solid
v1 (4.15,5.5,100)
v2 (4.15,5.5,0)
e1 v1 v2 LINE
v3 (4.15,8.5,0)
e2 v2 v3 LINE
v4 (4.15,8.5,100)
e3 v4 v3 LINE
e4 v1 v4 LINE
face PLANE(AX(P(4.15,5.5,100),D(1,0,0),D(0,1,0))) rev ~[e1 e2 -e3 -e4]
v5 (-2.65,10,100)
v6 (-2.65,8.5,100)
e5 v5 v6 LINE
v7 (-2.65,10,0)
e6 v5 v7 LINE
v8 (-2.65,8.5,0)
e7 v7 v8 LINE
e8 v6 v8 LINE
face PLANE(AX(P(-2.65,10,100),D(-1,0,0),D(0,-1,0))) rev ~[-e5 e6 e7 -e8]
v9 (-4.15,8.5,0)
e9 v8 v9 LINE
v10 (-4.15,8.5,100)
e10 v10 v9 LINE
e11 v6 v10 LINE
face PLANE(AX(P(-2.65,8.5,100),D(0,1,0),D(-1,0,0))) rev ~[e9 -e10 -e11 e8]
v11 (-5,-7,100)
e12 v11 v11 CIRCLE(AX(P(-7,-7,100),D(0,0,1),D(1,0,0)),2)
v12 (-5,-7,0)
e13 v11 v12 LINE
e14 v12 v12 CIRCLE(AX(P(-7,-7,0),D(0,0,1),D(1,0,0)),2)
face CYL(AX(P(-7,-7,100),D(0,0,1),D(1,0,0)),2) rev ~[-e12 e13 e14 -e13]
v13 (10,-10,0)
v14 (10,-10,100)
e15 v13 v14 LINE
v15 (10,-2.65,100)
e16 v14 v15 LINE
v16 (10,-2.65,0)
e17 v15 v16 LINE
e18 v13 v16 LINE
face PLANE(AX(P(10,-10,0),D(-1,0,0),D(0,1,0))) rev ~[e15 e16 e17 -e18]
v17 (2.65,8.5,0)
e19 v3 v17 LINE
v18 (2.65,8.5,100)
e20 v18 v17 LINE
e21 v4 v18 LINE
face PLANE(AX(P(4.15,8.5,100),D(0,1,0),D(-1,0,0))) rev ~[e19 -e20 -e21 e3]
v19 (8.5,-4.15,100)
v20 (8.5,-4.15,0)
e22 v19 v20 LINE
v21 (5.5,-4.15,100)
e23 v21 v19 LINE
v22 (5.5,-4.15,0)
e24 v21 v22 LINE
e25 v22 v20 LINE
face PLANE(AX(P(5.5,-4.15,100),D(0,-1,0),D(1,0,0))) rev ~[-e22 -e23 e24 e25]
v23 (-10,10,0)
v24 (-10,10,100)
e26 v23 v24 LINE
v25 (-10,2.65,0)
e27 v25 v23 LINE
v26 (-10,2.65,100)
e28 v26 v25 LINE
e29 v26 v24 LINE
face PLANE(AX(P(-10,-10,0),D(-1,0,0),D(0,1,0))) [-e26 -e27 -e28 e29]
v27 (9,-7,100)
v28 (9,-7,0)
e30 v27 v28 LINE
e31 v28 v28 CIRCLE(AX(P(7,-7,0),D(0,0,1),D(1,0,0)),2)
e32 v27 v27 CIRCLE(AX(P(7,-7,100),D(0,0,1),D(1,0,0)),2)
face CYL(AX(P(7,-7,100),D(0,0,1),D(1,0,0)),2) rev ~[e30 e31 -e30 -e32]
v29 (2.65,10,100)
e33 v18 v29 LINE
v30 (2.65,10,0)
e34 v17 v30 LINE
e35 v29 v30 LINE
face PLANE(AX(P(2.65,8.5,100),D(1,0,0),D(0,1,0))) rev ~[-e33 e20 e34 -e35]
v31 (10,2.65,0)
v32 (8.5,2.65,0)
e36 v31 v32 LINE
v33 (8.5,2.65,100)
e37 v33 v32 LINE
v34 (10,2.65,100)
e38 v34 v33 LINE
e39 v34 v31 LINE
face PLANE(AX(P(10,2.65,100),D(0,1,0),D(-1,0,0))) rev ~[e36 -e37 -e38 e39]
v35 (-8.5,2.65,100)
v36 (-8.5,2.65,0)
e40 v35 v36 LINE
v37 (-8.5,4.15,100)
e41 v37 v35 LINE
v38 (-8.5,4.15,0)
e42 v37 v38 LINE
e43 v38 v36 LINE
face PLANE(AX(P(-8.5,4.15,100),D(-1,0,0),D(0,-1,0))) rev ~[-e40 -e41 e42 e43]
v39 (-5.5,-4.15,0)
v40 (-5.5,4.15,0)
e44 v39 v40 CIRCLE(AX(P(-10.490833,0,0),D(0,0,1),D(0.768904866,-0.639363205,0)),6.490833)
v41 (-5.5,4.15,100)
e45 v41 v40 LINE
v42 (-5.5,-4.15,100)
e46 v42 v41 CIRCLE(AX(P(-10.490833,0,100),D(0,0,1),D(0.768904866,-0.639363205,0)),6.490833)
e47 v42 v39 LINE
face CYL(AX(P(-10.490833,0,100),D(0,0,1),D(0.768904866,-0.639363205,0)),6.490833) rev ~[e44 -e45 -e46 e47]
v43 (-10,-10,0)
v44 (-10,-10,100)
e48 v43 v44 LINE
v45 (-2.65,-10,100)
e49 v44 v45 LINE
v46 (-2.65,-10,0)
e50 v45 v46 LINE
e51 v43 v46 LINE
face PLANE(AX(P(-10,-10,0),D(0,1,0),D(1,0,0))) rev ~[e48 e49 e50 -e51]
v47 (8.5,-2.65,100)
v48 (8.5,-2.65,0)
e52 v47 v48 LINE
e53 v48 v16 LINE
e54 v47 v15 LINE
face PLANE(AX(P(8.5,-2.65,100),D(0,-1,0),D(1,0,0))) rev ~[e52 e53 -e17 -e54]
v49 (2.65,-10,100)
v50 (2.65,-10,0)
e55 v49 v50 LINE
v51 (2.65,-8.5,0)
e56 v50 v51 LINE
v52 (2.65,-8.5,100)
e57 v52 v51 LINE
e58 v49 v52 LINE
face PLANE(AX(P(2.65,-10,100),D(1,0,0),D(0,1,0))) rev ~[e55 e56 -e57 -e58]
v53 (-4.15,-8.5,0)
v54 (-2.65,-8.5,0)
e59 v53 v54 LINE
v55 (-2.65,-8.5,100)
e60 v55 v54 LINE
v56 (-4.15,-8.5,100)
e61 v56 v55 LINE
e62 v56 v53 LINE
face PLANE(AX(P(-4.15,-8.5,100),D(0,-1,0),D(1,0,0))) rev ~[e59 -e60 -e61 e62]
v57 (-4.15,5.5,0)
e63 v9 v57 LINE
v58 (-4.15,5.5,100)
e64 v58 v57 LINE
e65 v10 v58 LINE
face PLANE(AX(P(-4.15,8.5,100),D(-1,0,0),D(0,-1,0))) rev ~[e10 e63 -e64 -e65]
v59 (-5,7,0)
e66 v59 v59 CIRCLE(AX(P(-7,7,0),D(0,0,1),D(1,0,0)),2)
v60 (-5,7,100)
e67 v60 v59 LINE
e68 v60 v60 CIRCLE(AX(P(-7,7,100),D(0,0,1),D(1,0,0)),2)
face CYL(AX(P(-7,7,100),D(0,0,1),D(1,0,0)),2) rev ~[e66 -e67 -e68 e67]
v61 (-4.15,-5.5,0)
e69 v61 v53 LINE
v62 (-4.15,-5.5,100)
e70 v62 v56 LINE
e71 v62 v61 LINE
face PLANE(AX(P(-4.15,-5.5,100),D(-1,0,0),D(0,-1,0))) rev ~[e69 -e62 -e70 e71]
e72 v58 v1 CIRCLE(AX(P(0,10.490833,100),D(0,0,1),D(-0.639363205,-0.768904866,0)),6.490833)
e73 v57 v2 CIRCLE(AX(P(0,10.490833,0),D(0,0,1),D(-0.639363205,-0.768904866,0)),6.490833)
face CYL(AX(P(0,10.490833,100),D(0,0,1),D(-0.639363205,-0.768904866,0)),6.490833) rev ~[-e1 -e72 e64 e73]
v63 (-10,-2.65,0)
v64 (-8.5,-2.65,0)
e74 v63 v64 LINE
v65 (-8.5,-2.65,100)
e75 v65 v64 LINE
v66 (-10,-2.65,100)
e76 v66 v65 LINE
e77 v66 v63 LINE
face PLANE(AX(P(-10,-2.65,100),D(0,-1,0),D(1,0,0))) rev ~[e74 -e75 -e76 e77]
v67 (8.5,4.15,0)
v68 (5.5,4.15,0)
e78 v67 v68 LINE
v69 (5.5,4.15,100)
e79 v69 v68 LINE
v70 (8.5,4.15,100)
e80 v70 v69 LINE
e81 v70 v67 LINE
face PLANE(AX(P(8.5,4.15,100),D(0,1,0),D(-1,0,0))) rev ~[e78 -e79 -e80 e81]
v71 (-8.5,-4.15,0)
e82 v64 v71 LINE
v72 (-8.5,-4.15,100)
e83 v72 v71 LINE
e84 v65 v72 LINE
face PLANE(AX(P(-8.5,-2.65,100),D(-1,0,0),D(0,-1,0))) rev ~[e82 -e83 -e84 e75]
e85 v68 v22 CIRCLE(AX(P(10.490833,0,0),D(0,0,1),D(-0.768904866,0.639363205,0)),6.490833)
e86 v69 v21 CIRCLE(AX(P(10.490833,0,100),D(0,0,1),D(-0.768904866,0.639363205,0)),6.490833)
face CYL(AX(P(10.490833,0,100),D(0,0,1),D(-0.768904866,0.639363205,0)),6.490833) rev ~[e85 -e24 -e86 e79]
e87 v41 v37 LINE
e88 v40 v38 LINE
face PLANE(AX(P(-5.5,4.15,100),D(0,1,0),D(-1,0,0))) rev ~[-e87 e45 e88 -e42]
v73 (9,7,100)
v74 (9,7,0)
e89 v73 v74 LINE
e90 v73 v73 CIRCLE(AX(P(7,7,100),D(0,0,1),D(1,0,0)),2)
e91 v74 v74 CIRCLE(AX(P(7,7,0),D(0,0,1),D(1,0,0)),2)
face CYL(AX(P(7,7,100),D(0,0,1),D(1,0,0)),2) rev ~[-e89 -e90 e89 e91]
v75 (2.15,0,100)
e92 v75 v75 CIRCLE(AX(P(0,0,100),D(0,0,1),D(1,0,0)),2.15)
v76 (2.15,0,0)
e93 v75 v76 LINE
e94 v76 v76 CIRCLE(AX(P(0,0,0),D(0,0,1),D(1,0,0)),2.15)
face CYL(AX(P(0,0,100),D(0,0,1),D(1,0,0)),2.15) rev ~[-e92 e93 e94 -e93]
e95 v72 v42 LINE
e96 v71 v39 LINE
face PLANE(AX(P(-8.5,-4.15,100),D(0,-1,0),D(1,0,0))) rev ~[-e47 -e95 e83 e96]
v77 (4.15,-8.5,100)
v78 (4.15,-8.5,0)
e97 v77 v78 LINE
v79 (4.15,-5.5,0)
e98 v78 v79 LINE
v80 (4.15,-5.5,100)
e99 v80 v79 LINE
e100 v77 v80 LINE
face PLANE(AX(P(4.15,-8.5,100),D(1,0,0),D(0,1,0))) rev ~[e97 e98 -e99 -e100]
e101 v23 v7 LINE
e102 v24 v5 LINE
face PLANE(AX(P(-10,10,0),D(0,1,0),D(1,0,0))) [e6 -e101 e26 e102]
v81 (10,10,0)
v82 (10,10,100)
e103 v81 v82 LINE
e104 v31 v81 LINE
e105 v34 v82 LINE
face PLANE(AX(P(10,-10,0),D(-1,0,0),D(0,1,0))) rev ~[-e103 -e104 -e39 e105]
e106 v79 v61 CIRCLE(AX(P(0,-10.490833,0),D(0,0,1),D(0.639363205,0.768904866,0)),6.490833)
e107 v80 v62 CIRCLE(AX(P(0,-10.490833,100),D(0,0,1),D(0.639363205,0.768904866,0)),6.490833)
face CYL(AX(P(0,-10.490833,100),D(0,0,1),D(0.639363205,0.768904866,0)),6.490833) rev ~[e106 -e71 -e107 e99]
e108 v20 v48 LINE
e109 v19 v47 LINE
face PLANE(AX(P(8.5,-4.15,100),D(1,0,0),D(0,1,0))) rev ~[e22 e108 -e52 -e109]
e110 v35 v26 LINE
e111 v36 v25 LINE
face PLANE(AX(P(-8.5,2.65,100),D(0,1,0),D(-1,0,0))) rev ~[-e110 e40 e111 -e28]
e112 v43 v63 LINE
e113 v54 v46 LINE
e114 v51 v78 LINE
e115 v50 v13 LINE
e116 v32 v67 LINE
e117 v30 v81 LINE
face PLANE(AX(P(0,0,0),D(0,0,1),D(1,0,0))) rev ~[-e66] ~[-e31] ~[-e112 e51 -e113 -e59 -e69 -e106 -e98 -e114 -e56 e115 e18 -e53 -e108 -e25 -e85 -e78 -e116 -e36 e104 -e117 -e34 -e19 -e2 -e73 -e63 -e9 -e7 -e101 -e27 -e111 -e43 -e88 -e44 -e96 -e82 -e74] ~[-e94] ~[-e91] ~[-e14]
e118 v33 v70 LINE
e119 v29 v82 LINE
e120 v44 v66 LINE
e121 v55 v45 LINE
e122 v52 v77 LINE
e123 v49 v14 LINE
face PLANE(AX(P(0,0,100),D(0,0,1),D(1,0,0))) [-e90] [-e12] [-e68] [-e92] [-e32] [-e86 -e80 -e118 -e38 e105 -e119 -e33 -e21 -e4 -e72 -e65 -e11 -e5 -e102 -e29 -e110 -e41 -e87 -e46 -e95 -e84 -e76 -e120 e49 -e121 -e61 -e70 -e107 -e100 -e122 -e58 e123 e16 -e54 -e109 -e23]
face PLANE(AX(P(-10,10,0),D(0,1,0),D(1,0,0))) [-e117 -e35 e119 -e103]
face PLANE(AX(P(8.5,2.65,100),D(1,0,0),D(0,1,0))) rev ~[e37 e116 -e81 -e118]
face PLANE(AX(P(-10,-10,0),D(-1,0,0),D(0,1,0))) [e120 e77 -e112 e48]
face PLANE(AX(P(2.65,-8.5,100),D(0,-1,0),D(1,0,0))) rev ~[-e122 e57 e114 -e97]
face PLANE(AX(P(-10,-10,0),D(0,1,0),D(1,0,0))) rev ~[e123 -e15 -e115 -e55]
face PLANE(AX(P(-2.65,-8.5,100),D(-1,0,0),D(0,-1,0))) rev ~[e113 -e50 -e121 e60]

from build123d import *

# Parameters (mm, degrees)
SKETCH_1_W          = 20
SKETCH_1_H          = 20
EXTRUDE_1_DEPTH     = 100
SKETCH_2_R          = 2.15
SKETCH_2_R_2        = 2
CUT_EXTRUDE_1_DEPTH = 101.995049384


with BuildPart() as part:
    # 스케치1 → 보스-돌출1 (new body)
    with BuildSketch(Plane.XY):
        Rectangle(SKETCH_1_W, SKETCH_1_H)
    extrude(amount=EXTRUDE_1_DEPTH)

    # 스케치2 → 컷-돌출1 (cut, through all)
    with BuildSketch(Plane.XY.offset(100)):
        Circle(SKETCH_2_R)
        with Locations((-7, 7)):
            Circle(SKETCH_2_R_2)
        with Locations((7, 7)):
            Circle(SKETCH_2_R_2)
        with Locations((7, -7)):
            Circle(SKETCH_2_R_2)
        with Locations((-7, -7)):
            Circle(SKETCH_2_R_2)
        with BuildLine():
            Line((-2.65, 10), (-2.65, 8.5))
            Line((-2.65, 8.5), (-4.15, 8.5))
            Line((-4.15, 8.5), (-4.15, 5.5))
            ThreePointArc((-4.15, 5.5), (0, 4), (4.15, 5.5))
            Line((4.15, 5.5), (4.15, 8.5))
            Line((4.15, 8.5), (2.65, 8.5))
            Line((2.65, 8.5), (2.65, 10))
            Line((2.65, 10), (-2.65, 10))
        make_face()
        with BuildLine():
            Line((10, 2.65), (8.5, 2.65))
            Line((8.5, 2.65), (8.5, 4.15))
            Line((8.5, 4.15), (5.5, 4.15))
            ThreePointArc((5.5, 4.15), (4, 0), (5.5, -4.15))
            Line((5.5, -4.15), (8.5, -4.15))
            Line((8.5, -4.15), (8.5, -2.65))
            Line((8.5, -2.65), (10, -2.65))
            Line((10, -2.65), (10, 2.65))
        make_face()
        with BuildLine():
            Line((2.65, -10), (2.65, -8.5))
            Line((2.65, -8.5), (4.15, -8.5))
            Line((4.15, -8.5), (4.15, -5.5))
            ThreePointArc((4.15, -5.5), (0, -4), (-4.15, -5.5))
            Line((-4.15, -5.5), (-4.15, -8.5))
            Line((-4.15, -8.5), (-2.65, -8.5))
            Line((-2.65, -8.5), (-2.65, -10))
            Line((-2.65, -10), (2.65, -10))
        make_face()
        with BuildLine():
            Line((-10, -2.65), (-8.5, -2.65))
            Line((-8.5, -2.65), (-8.5, -4.15))
            Line((-8.5, -4.15), (-5.5, -4.15))
            ThreePointArc((-5.5, -4.15), (-4, 0), (-5.5, 4.15))
            Line((-5.5, 4.15), (-8.5, 4.15))
            Line((-8.5, 4.15), (-8.5, 2.65))
            Line((-8.5, 2.65), (-10, 2.65))
            Line((-10, 2.65), (-10, -2.65))
        make_face()
    extrude(amount=-CUT_EXTRUDE_1_DEPTH, mode=Mode.SUBTRACT)


solid = part.part
